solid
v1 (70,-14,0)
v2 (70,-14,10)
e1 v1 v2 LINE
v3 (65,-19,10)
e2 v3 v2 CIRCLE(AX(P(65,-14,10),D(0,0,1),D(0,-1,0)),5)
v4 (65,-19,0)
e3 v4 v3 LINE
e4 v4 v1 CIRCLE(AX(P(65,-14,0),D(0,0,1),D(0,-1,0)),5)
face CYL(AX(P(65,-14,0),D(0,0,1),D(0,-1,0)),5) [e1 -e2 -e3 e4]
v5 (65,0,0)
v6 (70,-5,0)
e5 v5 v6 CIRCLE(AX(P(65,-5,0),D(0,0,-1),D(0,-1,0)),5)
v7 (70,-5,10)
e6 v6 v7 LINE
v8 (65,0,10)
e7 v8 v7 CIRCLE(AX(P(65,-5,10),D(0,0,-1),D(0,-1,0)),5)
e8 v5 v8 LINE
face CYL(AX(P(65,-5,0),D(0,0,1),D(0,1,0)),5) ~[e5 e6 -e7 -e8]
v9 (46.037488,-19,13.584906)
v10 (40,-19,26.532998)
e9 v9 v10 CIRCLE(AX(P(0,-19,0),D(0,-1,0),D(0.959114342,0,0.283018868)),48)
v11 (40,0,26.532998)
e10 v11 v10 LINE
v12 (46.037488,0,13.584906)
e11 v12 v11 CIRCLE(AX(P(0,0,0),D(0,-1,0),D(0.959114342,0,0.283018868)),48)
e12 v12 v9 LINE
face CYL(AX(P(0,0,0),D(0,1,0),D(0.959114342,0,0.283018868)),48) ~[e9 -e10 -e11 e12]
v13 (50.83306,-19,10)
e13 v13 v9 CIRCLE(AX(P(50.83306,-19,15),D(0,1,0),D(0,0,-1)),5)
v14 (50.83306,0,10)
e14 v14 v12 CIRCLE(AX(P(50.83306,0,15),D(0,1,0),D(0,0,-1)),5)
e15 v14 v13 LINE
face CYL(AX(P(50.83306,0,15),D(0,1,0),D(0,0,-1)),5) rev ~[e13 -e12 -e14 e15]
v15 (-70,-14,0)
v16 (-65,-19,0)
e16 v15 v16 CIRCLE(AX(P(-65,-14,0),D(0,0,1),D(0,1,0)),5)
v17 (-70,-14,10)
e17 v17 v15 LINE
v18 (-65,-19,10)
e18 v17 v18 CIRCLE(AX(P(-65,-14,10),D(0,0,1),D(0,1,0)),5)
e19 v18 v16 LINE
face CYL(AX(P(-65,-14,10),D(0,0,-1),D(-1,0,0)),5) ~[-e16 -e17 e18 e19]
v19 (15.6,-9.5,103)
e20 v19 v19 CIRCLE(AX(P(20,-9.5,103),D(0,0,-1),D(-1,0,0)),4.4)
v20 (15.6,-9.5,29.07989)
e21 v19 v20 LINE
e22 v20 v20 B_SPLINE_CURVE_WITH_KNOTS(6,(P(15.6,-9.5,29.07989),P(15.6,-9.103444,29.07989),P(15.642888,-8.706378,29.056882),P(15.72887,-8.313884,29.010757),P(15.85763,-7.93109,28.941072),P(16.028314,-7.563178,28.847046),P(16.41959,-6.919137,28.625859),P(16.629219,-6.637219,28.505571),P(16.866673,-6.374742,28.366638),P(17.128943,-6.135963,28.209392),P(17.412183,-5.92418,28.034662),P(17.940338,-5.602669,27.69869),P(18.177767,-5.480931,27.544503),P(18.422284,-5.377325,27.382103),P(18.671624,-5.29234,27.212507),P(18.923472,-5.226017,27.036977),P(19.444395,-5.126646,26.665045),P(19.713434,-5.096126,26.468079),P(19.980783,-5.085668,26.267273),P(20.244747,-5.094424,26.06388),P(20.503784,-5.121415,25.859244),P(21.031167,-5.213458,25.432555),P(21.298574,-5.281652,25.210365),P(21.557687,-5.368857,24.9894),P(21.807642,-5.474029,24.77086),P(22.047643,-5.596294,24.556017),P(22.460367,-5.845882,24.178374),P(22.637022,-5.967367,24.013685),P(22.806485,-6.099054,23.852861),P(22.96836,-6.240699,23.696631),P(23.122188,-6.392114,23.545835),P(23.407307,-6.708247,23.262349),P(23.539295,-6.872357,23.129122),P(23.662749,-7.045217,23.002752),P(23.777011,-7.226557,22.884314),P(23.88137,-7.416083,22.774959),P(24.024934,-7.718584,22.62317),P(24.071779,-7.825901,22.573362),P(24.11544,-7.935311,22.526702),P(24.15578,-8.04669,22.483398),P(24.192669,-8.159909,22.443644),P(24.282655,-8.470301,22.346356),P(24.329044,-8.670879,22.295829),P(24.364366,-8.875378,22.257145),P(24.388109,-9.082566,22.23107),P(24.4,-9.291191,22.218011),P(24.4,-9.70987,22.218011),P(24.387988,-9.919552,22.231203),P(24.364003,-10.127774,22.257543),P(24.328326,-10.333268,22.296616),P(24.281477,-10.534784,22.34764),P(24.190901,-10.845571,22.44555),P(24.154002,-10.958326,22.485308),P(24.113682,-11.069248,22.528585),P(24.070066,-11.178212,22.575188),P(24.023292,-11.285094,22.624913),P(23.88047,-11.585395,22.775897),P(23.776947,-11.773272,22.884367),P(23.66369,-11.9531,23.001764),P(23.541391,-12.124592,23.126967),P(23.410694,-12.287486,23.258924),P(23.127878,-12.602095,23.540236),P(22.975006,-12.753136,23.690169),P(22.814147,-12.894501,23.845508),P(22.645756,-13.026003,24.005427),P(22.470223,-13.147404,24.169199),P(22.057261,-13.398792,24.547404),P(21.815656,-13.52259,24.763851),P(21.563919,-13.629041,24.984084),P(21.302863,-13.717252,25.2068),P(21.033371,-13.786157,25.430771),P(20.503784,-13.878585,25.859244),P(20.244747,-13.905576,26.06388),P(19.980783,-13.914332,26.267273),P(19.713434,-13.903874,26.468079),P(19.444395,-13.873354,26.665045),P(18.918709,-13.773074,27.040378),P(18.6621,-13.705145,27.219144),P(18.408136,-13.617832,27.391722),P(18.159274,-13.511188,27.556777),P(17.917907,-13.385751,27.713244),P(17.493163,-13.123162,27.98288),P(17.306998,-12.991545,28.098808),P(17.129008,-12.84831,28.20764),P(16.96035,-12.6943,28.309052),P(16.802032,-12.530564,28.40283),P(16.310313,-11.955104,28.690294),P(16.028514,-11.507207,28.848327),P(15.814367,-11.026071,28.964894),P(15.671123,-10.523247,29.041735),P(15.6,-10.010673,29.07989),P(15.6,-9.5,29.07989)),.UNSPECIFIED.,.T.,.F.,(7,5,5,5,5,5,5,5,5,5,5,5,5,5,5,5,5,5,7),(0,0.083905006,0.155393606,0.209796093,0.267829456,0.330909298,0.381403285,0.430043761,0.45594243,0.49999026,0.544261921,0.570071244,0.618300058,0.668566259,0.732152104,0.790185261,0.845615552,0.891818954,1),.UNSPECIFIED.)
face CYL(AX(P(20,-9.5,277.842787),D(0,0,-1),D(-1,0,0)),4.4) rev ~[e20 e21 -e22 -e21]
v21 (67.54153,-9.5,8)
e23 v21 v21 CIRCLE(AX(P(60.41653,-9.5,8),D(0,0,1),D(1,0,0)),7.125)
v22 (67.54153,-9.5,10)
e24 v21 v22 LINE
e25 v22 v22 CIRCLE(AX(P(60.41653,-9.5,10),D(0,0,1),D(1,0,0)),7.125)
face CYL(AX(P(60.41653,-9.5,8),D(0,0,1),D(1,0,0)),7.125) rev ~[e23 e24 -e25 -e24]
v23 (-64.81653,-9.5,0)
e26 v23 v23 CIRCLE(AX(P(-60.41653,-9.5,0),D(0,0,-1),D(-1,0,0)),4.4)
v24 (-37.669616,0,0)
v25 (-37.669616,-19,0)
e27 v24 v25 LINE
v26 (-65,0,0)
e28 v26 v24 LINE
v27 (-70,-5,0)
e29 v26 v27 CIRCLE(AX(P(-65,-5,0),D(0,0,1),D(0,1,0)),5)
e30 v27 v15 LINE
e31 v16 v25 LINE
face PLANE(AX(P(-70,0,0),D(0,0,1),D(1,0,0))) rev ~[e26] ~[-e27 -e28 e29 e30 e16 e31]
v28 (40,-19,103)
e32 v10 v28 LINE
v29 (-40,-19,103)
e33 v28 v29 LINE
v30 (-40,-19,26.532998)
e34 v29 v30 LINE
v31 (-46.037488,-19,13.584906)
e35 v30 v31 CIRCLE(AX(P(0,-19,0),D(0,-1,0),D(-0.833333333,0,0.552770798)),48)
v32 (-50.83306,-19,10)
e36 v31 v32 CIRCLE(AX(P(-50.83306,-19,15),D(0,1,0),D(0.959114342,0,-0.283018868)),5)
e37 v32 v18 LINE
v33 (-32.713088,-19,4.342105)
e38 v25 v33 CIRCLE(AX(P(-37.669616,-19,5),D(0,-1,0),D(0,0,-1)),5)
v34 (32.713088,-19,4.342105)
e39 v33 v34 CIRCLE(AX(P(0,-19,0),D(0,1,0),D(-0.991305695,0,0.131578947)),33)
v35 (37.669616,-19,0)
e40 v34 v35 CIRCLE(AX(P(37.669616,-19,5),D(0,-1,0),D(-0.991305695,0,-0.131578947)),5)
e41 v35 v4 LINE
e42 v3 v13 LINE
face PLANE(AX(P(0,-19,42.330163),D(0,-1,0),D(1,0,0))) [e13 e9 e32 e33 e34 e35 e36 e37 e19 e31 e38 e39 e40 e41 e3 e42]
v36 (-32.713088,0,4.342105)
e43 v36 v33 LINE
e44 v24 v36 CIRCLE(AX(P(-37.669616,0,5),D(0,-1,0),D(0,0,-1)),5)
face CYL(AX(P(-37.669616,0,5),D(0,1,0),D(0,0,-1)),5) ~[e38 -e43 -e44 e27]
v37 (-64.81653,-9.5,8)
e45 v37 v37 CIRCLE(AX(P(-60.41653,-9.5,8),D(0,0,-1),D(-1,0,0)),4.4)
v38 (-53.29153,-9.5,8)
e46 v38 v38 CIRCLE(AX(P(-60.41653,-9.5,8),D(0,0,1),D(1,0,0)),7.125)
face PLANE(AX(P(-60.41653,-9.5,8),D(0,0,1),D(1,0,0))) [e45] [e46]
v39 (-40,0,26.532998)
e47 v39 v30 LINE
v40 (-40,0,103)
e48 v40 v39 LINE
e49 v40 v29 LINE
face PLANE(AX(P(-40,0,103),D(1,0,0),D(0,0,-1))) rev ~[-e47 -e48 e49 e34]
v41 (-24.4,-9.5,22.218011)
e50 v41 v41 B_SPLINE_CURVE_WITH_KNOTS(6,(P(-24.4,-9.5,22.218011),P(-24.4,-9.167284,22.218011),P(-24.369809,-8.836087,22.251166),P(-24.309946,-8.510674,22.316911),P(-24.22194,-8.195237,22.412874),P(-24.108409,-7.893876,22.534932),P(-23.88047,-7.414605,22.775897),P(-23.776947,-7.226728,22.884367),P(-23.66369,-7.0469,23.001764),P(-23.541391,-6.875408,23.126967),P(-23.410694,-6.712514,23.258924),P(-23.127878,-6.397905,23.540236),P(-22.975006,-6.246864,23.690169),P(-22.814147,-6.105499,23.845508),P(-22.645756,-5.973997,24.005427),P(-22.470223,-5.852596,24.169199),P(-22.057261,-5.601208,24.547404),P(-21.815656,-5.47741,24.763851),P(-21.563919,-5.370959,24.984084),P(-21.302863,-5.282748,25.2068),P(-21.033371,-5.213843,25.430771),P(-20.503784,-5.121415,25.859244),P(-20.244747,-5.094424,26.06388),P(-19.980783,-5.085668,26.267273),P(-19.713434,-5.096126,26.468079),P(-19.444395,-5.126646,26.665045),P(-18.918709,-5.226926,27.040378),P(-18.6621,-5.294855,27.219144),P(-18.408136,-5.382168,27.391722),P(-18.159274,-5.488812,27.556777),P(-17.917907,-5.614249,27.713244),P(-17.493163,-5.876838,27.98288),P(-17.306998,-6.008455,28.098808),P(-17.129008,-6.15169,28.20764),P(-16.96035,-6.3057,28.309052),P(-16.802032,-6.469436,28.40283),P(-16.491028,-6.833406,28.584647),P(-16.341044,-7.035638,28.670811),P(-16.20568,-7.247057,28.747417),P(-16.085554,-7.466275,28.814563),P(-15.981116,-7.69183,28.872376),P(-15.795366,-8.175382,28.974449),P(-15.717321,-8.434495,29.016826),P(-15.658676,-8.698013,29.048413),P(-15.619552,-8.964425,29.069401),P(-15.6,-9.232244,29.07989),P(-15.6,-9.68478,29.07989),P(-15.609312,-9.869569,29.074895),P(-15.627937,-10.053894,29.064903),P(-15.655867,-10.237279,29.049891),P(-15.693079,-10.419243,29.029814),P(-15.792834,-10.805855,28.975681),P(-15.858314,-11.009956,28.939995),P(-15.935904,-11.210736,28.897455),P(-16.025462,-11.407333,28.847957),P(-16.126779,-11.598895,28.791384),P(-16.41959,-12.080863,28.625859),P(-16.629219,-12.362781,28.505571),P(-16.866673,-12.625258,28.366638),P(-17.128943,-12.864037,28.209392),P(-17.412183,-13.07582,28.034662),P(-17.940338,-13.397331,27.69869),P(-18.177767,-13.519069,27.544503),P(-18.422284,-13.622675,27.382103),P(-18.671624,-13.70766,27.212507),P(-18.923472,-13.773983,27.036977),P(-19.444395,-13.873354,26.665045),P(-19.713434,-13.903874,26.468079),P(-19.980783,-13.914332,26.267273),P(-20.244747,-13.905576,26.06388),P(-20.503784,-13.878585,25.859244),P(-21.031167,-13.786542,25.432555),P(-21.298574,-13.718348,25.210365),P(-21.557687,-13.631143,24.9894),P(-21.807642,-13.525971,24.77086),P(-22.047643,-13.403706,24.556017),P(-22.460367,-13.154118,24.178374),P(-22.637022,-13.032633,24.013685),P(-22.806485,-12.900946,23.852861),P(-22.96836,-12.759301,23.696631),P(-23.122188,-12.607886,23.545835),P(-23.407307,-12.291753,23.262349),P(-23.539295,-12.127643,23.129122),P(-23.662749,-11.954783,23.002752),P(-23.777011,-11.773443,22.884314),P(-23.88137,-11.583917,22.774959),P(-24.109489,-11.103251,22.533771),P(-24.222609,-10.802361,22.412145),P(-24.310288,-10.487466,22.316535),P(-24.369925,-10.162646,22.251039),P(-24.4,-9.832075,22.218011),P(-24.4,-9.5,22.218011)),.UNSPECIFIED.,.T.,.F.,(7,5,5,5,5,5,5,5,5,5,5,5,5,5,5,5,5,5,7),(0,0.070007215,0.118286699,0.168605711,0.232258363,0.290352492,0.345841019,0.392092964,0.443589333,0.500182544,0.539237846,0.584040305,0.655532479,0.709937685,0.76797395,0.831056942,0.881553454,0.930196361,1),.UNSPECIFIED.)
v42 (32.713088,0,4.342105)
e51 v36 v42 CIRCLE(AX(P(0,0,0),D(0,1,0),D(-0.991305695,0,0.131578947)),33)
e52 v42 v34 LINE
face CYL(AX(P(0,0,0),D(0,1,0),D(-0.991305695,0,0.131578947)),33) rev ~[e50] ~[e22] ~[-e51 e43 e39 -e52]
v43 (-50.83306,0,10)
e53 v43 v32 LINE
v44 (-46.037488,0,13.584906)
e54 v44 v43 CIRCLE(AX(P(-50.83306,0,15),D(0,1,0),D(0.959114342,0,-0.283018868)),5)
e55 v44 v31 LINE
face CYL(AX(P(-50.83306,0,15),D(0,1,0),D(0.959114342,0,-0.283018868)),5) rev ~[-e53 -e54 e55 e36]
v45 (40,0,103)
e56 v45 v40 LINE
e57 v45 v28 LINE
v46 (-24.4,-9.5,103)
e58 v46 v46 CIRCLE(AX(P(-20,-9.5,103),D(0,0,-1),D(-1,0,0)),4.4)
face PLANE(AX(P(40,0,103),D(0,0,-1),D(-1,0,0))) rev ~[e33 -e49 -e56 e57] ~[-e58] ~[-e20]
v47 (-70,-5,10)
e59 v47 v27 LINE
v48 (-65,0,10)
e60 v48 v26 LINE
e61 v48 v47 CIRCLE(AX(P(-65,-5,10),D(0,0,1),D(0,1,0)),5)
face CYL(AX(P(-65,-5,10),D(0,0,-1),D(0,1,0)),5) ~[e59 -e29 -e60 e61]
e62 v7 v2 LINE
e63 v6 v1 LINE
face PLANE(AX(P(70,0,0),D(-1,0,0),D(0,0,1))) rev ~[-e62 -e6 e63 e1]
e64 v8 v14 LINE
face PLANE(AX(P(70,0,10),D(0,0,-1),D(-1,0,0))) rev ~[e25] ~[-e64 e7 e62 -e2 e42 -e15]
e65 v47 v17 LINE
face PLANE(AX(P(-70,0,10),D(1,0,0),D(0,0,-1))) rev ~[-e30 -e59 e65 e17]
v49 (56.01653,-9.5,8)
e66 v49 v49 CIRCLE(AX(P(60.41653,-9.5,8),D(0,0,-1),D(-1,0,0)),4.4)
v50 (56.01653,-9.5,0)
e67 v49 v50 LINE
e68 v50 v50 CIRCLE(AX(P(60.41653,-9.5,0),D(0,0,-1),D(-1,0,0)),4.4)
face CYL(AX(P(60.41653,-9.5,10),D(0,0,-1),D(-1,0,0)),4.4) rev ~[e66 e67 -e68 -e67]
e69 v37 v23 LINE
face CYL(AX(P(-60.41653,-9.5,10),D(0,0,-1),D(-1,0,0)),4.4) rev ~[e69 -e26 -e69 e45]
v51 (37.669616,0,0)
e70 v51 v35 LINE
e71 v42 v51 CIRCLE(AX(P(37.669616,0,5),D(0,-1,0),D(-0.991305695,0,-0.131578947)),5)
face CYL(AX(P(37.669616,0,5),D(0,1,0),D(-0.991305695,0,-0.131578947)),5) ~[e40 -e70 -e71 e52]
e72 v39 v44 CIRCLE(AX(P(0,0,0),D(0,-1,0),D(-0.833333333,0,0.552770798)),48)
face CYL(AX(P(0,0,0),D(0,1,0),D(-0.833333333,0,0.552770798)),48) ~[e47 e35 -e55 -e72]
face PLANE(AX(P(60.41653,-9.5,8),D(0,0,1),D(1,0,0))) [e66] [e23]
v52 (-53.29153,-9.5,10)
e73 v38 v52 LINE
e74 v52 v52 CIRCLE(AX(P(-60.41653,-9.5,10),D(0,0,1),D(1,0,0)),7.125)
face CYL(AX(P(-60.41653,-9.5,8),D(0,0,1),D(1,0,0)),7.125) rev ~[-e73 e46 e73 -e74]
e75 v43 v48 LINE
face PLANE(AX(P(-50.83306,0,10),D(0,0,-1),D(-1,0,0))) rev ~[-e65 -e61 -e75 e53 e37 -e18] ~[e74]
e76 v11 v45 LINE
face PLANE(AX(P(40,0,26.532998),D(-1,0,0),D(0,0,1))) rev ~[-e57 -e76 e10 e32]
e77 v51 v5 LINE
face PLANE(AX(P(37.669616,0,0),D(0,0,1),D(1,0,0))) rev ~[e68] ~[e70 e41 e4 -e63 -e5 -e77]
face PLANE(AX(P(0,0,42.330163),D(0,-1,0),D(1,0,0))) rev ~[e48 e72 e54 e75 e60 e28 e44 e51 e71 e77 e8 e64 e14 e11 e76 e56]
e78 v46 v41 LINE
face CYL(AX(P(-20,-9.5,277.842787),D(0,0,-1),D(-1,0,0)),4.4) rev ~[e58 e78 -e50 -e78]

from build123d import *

# Parameters (mm, degrees)
F1_DEPTH       = 19
F3_D           = 8.8
F3_CBORE_D     = 14.25
F3_CBORE_DEPTH = 2
F4_R           = 5
F6_D           = 8.8
F6_CBORE_D     = 14.25
F6_CBORE_DEPTH = 2
F7_R           = 5
F9_D           = 8.8


with BuildPart() as f1:
    # F0 (on Front) → F1 (new body)
    with BuildSketch(Plane.XZ):
        with BuildLine():
            ThreePointArc((-32.7130879295, 4.3421052632), (0, 33), (32.7130879295, 4.3421052632))
            ThreePointArc((32.7130879295, 4.3421052632), (34.3748837654, 1.2390510716), (37.6696164037, 0))
            Line((37.6696164037, 0), (70, 0))
            Line((70, 0), (70, 10))
            Line((70, 10), (50.8330601086, 10))
            ThreePointArc((50.8330601086, 10), (47.8393560232, 10.9952857968), (46.0374884002, 13.5849056604))
            ThreePointArc((46.0374884002, 13.5849056604), (43.5031680278, 20.2848310702), (40, 26.5329983228))
            Line((40, 26.5329983228), (40, 103))
            Line((40, 103), (0, 103))
            Line((0, 103), (-40, 103))
            Line((-40, 103), (-40, 26.5329983228))
            ThreePointArc((-40, 26.5329983228), (-43.5031680278, 20.2848310702), (-46.0374884002, 13.5849056604))
            ThreePointArc((-46.0374884002, 13.5849056604), (-47.8393560232, 10.9952857968), (-50.8330601086, 10))
            Line((-50.8330601086, 10), (-70, 10))
            Line((-70, 10), (-70, 0))
            Line((-70, 0), (-37.6696164037, 0))
            ThreePointArc((-37.6696164037, 0), (-34.3748837654, 1.2390510716), (-32.7130879295, 4.3421052632))
        make_face()
    extrude(amount=F1_DEPTH)

    # F3 (through all)
    with Locations(Plane.XY.offset(10)):
        with Locations((60.4165300543, -9.5)):
            CounterBoreHole(F3_D / 2, F3_CBORE_D / 2, F3_CBORE_DEPTH)

    # F4
    f4_edges = [f1.edges().sort_by_distance(p)[0] for p in [
        (70, -19, 5),
        (70, 0, 5),
    ]]
    fillet(f4_edges, radius=F4_R)

    # F6 (through all)
    with Locations(Plane.XY.offset(10)):
        with Locations((-60.4165300543, -9.5)):
            CounterBoreHole(F6_D / 2, F6_CBORE_D / 2, F6_CBORE_DEPTH)

    # F7
    f7_edges = [f1.edges().sort_by_distance(p)[0] for p in [
        (-70, -19, 5),
        (-70, 0, 5),
    ]]
    fillet(f7_edges, radius=F7_R)

    # F9 (through all)
    with Locations(Plane.XY.offset(103)):
        with Locations((20, -9.5), (-20, -9.5)):
            Hole(F9_D / 2)


solid = f1.part
